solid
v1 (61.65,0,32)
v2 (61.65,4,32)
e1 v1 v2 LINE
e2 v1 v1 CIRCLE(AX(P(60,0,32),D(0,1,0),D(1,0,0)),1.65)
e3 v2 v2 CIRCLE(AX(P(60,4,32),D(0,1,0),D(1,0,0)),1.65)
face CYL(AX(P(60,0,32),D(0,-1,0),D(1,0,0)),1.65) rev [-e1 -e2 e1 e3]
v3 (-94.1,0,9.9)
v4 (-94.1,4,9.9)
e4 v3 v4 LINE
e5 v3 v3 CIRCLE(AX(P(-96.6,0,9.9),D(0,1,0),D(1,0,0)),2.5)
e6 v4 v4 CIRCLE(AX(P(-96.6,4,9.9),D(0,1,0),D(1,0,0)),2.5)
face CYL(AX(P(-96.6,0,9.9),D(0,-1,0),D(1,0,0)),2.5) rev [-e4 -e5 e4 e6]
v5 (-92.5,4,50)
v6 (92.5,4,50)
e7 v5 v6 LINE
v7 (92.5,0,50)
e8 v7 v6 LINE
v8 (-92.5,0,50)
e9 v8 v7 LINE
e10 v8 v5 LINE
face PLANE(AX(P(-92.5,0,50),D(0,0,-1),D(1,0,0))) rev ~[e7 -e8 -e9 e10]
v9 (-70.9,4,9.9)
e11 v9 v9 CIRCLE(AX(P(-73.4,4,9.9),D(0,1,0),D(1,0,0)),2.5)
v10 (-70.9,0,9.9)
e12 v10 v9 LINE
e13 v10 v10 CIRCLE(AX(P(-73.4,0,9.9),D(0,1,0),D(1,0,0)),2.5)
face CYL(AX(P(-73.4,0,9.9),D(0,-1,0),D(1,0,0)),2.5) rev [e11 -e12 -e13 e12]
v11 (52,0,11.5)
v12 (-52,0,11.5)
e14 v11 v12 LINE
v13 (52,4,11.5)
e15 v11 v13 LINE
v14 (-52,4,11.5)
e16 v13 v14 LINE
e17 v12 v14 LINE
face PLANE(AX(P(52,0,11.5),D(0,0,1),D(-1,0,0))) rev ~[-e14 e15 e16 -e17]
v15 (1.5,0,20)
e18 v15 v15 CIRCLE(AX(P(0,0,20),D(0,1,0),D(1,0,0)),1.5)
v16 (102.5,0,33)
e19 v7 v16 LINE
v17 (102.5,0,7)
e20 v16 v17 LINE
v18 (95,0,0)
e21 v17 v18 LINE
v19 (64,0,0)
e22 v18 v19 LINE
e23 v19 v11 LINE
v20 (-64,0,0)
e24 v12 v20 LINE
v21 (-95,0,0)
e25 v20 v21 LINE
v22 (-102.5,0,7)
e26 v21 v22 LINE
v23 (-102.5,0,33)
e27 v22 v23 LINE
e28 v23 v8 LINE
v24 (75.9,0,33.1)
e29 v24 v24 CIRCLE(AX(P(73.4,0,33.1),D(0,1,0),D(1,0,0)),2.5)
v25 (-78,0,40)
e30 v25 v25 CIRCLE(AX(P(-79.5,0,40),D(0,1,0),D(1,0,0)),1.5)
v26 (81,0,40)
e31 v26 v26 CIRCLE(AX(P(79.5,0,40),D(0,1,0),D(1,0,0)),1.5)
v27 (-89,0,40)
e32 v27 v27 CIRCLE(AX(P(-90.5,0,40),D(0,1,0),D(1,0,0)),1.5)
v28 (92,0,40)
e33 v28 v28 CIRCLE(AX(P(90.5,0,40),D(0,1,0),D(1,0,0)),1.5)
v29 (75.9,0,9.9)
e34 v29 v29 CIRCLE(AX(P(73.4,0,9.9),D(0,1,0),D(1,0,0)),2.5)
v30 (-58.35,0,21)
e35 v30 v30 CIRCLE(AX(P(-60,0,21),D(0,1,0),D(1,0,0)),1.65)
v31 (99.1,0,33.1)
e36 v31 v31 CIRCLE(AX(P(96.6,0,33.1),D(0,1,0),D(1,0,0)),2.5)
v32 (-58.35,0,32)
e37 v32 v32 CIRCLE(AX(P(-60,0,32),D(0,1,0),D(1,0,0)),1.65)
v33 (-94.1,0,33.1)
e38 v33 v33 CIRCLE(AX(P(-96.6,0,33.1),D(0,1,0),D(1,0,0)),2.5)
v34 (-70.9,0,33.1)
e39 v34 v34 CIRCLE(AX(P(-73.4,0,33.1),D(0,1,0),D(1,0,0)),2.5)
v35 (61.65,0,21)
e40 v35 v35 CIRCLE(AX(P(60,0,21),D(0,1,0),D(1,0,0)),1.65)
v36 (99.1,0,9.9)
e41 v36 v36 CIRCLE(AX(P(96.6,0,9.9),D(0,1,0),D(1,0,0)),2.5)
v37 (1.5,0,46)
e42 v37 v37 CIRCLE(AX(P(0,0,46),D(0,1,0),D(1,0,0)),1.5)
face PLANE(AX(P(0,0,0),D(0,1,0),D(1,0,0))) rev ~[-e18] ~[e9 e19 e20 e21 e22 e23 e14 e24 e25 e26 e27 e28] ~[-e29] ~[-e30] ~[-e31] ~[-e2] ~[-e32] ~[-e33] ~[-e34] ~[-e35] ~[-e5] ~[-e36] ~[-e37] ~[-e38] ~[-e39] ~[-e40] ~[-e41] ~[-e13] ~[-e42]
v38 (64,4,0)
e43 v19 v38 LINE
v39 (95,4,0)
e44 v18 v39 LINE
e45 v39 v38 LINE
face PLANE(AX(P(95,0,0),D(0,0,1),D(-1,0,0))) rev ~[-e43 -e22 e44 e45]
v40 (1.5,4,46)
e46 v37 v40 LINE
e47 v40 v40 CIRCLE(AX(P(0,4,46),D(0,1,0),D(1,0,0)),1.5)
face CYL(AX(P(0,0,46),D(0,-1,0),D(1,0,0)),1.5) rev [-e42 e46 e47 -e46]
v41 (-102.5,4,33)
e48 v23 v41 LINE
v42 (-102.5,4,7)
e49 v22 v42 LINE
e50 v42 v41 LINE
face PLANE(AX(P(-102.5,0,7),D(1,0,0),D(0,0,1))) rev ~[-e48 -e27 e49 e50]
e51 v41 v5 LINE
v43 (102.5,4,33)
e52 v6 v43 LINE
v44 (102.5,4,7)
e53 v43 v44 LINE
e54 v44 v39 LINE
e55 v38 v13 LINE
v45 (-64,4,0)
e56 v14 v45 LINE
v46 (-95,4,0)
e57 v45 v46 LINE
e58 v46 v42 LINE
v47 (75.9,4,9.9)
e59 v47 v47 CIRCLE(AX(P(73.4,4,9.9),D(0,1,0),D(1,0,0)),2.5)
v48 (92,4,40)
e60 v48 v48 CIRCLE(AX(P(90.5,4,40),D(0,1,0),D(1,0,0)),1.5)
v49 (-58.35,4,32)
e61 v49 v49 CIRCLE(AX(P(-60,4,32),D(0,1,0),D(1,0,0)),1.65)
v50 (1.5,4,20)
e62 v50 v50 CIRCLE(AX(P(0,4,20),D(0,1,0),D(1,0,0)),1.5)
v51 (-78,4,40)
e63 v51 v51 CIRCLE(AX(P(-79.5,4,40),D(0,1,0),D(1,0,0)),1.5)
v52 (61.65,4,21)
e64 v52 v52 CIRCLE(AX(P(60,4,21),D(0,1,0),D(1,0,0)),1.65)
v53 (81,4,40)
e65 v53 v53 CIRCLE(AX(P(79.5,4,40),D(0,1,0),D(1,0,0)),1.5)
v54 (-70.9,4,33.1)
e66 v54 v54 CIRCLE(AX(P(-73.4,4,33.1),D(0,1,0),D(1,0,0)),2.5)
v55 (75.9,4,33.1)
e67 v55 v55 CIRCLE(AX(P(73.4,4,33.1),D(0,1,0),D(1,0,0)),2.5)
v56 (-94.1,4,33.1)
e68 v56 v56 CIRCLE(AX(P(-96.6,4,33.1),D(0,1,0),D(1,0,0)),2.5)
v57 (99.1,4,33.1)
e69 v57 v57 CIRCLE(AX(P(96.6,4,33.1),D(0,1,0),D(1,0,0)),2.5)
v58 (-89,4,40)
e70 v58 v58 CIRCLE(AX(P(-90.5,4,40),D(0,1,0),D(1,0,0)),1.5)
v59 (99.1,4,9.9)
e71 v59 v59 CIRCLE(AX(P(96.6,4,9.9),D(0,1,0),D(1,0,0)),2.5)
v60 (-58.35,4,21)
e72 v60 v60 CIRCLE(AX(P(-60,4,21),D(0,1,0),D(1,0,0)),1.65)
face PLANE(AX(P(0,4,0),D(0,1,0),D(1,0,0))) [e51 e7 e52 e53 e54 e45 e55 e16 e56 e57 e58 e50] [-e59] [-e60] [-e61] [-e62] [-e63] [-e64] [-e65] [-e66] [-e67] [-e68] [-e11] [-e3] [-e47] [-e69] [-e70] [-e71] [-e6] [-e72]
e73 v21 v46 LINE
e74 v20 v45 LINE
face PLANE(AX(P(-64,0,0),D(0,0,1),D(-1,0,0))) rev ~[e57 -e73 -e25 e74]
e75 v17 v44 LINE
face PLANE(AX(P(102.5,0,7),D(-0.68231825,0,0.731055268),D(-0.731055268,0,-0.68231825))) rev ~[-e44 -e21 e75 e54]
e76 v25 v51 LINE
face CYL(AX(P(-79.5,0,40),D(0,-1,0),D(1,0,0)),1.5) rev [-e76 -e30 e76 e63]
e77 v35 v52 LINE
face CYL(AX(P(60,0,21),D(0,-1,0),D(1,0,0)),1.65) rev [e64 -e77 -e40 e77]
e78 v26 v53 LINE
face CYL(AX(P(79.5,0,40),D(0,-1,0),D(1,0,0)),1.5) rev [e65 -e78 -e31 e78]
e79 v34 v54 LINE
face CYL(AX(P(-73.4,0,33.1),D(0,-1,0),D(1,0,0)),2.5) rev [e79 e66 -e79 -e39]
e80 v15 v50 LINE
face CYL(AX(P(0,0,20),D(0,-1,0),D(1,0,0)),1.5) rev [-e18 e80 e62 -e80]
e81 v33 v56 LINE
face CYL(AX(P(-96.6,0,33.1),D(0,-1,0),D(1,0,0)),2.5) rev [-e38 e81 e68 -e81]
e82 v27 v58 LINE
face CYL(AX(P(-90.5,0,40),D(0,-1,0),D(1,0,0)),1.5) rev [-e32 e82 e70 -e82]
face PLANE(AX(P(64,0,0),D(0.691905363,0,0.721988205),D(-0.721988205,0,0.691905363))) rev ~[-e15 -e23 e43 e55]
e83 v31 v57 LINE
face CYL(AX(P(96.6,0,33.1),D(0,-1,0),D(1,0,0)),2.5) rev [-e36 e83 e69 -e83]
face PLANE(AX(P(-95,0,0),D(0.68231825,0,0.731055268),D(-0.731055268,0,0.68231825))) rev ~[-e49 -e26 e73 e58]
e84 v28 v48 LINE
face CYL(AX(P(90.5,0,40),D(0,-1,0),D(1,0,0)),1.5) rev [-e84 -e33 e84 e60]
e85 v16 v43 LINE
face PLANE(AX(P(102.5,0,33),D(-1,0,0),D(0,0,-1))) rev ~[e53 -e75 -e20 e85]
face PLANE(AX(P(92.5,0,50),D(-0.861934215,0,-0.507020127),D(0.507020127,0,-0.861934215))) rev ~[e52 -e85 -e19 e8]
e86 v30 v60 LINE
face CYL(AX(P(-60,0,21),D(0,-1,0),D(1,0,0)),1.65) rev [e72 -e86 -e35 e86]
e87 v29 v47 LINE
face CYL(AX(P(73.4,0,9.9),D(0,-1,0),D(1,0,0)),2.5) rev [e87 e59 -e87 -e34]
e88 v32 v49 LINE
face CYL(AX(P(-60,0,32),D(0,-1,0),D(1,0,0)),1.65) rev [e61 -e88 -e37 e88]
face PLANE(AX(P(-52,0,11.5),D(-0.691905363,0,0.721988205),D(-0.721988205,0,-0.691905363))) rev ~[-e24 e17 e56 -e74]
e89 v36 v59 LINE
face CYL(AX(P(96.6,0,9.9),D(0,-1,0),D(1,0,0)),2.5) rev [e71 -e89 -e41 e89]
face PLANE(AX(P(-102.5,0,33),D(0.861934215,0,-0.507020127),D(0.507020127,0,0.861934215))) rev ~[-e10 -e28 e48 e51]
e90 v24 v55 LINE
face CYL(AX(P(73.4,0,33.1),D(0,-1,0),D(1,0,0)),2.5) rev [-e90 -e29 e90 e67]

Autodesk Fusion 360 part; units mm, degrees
sketch "MK3-front-plate" plane through (0, 0, 0) normal (0, 1, 0) x (1, 0, 0)
  line L0 (-64, 0) -> (-95, 0)
  line L1 (-95, 0) -> (-102.5, -7)
  line L2 (-102.5, -7) -> (-102.5, -33)
  line L3 (-102.5, -33) -> (-92.5, -50)
  line L4 (-92.5, -50) -> (92.5, -50)
  line L5 (102.5, -33) -> (102.5, -7)
  line L6 (64, 0) -> (52, -11.5)
  line L7 (102.5, -7) -> (95, 0)
  line L8 (-52, -11.5) -> (-64, 0)
  line L9 (95, 0) -> (64, 0)
  line L10 (52, -11.5) -> (-52, -11.5)
  line L11 (92.5, -50) -> (102.5, -33)
  line L12 (-64, 0) -> (64, 0) construction
  line L13 (-73.4, 0) -> (-73.4, -50) construction
  line L14 (-96.6, 0) -> (-96.6, -50) construction
  circle A0 centre (-73.4, -9.9) radius 2.5
  circle A1 centre (-96.6, -9.9) radius 2.5
  circle A2 centre (-73.4, -33.1) radius 2.5
  circle A3 centre (-96.6, -33.1) radius 2.5
  line L15 (-96.6, -40) -> (-73.4, -40) construction
  circle A4 centre (-90.5, -40) radius 1.5
  circle A5 centre (-79.5, -40) radius 1.5
  circle A6 centre (0, -46) radius 1.5
  line L16 (0, 0) -> (0, -50) construction
  circle A7 centre (0, -20) radius 1.5
  line L17 (-60, -21) -> (-60, -32) construction
  circle A8 centre (-60, -21) radius 1.65
  circle A9 centre (-60, -32) radius 1.65
  circle A10 centre (60, -32) radius 1.65
  circle A11 centre (60, -21) radius 1.65
  circle A12 centre (73.4, -9.9) radius 2.5
  circle A13 centre (96.6, -9.9) radius 2.5
  circle A14 centre (96.6, -33.1) radius 2.5
  circle A15 centre (73.4, -33.1) radius 2.5
  circle A16 centre (79.5, -40) radius 1.5
  circle A17 centre (90.5, -40) radius 1.5
  line L18 (0, -33.1) -> (-102.5, -33.1) construction
  line L19 (-102.5, -9.9) -> (0, -9.9) construction
  dimension "d3" = 50
  dimension "d4" = 205
  dimension "d5" = 7.5
  dimension "d12" = 10
  dimension "d16" = 17
  dimension "d26" = 5
  dimension "d27" = 5
  dimension "d28" = 5
  dimension "d29" = 5
  dimension "d37" = 3
  dimension "d40" = 3
  dimension "d46" = 4
  dimension "d48" = 3
  dimension "d49" = 3
  dimension "d50" = 10
  dimension "d51" = 16.9
  dimension "d52" = 3.3
  dimension "d53" = 3.3
  dimension "d54" = 18
  dimension "d56" = 42.5
  dimension "d57" = 5.9
  dimension "d58" = 29.1
  dimension "d59" = 40.1
  dimension "d60" = 102.5
  dimension "d61" = 43
  dimension "d62" = 29
  dimension "d63" = 12
  dimension "d64" = 23
  dimension "d65" = 50.5
  dimension "d66" = 12
  dimension "d67" = 38.5
  dimension "d68" = 30
extrude "Extrude1" add sketch "MK3-front-plate" along normal blind 4
